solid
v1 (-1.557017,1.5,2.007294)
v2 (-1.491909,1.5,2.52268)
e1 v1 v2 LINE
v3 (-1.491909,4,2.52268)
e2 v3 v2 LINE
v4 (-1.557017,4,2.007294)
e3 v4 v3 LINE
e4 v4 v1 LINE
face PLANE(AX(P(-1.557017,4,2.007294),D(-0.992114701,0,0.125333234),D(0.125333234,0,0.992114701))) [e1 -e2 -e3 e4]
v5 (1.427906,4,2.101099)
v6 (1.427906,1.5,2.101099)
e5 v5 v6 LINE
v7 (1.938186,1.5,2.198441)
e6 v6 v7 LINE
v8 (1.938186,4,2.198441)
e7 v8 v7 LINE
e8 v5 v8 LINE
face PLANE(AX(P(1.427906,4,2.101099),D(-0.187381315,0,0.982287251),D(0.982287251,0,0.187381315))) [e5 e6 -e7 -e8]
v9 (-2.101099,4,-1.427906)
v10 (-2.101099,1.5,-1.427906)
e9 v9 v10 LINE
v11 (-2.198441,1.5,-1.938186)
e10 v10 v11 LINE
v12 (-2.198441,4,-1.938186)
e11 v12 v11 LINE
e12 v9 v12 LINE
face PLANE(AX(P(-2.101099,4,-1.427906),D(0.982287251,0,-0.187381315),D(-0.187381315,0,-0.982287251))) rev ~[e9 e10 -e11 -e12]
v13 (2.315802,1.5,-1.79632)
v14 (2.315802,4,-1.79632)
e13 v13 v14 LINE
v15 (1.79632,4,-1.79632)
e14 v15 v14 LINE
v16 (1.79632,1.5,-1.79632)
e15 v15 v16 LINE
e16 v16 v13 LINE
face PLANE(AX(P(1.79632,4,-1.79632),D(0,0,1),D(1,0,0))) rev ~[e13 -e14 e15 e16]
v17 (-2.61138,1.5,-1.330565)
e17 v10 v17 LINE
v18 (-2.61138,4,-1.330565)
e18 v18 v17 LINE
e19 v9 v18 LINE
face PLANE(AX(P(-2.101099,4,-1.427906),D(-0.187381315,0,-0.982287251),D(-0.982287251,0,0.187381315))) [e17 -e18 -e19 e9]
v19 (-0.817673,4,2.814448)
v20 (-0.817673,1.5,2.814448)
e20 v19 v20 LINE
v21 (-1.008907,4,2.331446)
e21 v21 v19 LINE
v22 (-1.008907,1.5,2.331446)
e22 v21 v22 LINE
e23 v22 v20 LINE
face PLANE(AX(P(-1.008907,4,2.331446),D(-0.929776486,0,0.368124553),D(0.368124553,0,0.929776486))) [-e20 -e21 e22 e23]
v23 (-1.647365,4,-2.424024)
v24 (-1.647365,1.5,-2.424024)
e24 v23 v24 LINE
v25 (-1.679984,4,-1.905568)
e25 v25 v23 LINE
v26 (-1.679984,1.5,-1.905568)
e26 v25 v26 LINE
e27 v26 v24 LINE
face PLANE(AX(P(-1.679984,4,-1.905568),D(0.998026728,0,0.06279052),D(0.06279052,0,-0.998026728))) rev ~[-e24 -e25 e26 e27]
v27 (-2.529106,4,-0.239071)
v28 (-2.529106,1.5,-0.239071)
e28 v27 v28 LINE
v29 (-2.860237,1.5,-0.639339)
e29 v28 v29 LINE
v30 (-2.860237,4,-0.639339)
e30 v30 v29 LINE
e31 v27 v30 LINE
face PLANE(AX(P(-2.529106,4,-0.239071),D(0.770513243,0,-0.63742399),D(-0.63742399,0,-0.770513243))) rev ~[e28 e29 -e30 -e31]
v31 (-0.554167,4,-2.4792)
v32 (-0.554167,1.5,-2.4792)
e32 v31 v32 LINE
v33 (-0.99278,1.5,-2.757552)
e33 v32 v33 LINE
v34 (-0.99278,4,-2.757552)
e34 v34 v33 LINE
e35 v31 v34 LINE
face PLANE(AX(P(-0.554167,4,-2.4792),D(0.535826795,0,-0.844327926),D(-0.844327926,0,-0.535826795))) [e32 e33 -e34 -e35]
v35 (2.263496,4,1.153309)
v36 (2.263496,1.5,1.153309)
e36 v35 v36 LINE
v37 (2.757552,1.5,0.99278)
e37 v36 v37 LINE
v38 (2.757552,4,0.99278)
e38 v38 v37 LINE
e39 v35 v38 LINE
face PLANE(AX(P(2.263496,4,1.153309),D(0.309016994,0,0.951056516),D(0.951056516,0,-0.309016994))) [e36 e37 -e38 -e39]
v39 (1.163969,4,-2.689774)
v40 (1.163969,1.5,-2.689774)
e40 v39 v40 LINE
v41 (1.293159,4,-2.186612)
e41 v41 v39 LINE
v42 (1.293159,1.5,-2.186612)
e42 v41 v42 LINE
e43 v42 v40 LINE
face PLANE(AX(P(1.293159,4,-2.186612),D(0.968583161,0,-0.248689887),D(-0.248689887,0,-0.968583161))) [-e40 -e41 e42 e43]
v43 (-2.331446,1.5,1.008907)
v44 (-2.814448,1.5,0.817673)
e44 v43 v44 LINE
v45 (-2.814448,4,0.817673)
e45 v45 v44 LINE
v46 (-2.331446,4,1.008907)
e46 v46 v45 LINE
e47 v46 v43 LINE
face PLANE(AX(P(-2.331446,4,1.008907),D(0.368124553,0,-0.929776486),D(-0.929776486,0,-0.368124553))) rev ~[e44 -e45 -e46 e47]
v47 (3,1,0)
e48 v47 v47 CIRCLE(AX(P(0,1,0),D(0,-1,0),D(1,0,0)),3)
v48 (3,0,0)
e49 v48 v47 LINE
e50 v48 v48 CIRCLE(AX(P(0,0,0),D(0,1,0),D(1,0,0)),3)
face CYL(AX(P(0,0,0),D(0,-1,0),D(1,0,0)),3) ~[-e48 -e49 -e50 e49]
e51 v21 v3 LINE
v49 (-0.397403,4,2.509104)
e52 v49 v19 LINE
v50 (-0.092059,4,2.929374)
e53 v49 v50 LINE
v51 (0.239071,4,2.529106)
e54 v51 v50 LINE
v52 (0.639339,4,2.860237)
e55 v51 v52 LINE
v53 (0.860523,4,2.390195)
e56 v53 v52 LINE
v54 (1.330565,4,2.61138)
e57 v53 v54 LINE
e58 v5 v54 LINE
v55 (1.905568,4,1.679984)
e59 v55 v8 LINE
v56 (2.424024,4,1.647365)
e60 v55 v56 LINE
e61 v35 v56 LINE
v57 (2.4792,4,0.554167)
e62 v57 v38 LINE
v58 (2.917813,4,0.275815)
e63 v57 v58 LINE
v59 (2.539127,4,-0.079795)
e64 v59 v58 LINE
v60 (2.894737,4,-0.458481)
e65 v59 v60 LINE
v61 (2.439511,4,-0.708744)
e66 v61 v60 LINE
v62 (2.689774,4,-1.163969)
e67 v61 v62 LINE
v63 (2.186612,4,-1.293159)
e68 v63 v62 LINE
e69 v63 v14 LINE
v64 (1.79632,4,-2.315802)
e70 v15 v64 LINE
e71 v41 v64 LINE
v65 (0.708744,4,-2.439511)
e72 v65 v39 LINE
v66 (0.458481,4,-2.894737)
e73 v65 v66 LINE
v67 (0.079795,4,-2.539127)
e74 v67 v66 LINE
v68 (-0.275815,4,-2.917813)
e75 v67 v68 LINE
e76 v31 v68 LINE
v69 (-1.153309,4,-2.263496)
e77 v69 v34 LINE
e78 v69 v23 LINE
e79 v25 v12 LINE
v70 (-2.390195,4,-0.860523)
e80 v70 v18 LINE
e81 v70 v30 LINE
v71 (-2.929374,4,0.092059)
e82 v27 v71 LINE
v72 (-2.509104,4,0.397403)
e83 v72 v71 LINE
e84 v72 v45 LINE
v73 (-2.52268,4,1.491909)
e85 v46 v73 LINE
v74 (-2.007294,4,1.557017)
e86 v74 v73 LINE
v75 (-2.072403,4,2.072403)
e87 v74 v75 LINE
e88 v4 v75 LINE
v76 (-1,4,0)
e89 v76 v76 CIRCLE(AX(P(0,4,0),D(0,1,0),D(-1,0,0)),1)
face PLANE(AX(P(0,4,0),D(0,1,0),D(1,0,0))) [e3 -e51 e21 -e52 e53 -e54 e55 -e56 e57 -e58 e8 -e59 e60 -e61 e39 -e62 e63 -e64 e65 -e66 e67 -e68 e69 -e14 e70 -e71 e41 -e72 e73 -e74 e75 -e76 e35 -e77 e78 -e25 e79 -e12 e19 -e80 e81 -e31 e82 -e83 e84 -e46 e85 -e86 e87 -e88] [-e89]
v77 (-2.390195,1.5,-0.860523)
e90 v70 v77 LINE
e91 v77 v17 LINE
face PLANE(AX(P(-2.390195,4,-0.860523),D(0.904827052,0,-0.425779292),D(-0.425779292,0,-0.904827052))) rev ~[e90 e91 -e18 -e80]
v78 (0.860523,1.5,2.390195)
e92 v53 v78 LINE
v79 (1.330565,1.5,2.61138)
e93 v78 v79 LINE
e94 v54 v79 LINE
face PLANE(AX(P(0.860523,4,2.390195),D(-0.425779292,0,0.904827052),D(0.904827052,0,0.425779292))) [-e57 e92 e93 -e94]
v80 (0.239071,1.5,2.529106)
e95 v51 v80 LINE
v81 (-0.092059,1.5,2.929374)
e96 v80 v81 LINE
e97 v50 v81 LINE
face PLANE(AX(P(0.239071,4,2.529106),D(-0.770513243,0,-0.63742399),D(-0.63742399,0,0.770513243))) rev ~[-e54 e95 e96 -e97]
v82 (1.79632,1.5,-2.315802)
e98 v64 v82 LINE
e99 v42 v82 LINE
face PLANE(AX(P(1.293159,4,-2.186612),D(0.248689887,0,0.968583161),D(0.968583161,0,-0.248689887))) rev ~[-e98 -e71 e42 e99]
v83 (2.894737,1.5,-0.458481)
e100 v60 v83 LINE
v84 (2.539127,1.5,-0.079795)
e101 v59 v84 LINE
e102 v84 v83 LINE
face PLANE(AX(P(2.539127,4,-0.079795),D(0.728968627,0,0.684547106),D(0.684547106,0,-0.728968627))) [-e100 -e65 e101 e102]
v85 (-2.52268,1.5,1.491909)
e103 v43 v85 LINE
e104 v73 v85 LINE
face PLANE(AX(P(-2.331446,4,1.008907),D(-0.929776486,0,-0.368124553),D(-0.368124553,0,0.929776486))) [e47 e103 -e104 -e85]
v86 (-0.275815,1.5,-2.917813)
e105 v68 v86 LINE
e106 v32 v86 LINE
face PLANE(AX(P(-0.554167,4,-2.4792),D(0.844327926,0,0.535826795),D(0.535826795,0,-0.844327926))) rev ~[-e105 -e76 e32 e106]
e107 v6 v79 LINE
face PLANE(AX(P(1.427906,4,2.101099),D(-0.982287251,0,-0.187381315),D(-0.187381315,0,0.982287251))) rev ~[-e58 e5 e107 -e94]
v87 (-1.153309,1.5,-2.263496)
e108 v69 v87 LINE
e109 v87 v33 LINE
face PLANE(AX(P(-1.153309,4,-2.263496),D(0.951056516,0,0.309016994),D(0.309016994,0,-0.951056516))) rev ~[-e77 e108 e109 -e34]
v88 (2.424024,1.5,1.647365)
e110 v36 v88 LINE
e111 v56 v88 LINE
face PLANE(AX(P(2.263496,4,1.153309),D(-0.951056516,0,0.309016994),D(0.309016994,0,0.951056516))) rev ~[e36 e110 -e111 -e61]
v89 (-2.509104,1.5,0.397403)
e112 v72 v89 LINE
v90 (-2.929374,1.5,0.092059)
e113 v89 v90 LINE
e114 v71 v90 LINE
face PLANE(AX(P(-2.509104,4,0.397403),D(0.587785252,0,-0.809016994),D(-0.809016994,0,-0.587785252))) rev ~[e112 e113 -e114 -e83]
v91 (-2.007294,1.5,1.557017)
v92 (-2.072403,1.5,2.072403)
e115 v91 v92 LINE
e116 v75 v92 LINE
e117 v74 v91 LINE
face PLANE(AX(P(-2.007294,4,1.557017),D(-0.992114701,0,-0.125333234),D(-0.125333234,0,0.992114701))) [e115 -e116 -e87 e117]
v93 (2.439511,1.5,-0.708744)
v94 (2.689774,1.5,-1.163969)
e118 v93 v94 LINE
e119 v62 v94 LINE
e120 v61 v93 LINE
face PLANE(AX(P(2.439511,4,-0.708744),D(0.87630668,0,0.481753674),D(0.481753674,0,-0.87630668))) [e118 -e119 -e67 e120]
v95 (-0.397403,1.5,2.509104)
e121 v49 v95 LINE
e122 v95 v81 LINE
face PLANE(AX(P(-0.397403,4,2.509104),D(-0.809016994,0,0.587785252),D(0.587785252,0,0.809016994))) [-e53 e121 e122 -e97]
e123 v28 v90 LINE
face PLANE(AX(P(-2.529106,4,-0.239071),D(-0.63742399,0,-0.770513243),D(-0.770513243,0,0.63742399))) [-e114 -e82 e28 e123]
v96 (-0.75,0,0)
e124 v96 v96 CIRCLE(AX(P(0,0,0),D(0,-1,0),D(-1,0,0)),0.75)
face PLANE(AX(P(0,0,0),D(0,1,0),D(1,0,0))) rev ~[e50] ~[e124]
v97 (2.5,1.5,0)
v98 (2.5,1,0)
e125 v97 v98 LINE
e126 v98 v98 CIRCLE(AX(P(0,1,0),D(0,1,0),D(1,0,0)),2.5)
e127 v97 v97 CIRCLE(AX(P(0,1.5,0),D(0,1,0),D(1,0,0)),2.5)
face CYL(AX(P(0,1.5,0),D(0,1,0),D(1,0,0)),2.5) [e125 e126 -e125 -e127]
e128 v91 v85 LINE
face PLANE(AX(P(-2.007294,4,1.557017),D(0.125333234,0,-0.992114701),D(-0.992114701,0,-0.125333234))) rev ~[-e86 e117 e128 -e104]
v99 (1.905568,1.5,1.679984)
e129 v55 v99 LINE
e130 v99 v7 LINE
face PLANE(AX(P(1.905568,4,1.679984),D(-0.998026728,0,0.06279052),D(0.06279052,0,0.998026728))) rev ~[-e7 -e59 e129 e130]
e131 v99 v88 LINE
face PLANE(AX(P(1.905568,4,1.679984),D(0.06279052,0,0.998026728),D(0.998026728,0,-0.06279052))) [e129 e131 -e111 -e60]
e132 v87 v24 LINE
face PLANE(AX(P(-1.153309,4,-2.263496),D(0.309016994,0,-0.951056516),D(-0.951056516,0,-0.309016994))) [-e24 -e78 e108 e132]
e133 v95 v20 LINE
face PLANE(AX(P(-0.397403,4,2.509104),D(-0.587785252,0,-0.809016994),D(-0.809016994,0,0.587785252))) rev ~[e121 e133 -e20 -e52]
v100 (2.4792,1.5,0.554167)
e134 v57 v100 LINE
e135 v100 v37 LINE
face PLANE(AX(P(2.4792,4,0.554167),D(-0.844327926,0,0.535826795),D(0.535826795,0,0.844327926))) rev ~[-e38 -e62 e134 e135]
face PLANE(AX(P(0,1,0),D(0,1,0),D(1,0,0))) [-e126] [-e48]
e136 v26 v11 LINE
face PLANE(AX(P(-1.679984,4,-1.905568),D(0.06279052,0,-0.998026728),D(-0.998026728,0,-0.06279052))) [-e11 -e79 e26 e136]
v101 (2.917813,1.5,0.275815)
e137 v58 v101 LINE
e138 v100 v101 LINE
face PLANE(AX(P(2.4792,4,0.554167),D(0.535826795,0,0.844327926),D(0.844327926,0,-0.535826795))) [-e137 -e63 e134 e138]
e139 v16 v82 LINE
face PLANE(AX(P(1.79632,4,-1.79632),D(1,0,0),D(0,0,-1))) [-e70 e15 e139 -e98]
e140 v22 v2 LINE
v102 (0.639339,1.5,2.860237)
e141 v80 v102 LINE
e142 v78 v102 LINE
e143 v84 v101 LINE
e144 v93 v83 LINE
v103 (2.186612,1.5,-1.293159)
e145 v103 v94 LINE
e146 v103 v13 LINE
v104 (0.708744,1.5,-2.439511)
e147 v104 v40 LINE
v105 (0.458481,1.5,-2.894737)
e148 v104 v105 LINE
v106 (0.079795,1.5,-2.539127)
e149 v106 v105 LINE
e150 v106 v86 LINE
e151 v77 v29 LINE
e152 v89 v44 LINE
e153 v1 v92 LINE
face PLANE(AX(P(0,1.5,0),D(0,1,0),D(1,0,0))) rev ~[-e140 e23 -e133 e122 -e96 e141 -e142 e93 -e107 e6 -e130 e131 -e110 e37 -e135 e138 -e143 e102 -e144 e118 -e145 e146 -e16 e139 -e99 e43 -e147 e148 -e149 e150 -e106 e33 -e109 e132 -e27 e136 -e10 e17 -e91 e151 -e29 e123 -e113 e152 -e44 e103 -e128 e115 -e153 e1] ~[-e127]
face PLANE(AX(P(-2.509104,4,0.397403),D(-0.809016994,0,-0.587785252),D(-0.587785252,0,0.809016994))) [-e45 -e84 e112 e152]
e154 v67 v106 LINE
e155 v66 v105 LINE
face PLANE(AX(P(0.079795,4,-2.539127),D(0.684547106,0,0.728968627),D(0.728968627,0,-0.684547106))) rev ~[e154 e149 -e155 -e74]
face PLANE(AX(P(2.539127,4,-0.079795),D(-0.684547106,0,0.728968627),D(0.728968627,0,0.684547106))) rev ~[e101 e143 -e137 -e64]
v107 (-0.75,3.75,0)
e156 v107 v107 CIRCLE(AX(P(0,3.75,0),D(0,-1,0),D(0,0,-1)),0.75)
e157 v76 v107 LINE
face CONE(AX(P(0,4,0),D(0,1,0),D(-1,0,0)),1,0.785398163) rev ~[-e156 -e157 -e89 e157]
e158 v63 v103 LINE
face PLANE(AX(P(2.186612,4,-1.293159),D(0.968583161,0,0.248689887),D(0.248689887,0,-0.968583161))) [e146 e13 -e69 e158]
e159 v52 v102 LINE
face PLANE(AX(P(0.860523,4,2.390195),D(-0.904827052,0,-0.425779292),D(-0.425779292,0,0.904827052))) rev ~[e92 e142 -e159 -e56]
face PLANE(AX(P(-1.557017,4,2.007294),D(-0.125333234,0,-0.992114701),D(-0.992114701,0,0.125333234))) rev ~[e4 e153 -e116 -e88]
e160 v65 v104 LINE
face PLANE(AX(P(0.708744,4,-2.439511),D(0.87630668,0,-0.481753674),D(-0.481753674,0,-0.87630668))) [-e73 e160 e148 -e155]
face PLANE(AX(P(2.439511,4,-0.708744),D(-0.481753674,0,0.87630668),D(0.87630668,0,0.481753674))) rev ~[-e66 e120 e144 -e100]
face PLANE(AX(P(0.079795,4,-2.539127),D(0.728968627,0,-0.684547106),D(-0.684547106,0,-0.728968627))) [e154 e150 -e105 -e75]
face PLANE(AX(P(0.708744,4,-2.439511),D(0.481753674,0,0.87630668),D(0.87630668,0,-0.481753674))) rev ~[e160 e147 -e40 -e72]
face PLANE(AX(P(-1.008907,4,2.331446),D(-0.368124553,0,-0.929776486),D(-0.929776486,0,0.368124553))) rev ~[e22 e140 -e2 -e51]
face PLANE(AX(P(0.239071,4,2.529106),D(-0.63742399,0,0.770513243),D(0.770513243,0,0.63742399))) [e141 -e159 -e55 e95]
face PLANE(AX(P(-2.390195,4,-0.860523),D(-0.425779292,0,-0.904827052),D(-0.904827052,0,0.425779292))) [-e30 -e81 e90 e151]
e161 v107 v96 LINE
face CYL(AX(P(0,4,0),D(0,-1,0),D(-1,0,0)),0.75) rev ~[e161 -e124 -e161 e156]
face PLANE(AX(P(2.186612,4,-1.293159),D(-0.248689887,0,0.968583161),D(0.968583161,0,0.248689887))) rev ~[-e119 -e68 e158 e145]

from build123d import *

# Parameters (mm, degrees)
SKETCH1_R                     = 3
BOSS_EXTRUDE1_DEPTH           = 4
SKETCH2_W                     = 0.65
SKETCH2_H                     = 0.65
CUT_EXTRUDE1_DEPTH            = 2.5
CIRPATTERN1_COUNT             = 25
SKETCH3_OUTSIDE_W             = 9.876
SKETCH3_OUTSIDE_H             = 9.876
SKETCH3_OUTSIDE_R             = 2.5
CUT_EXTRUDE2_DEPTH            = 0.5
CSK_FOR_M3_SFHCS1_D           = 1.5
CSK_FOR_M3_SFHCS1_CSINK_D     = 2
CSK_FOR_M3_SFHCS1_CSINK_ANGLE = 90


with BuildPart() as part:
    # Sketch1 → Boss-Extrude1 (new body)
    with BuildSketch(Plane(origin=(0, 0, 0), x_dir=(1, 0, 0), z_dir=(0, 1, 0))):
        Circle(SKETCH1_R)
    extrude(amount=BOSS_EXTRUDE1_DEPTH)

    # Sketch2 → Cut-Extrude1 (cut)
    with BuildSketch(Plane(origin=(0, 4, 0), x_dir=(1, 0, 0), z_dir=(0, 1, 0))):
        with Locations((2.121320344, 2.121320344)):
            Rectangle(SKETCH2_W, SKETCH2_H)
    cut_extrude1 = extrude(amount=-CUT_EXTRUDE1_DEPTH, mode=Mode.SUBTRACT)

    # CirPattern1: Cut-Extrude1 ×25 about axis
    cirpattern1_axis = Axis((0, 4, 0), (0, -1, 0))
    for i in range(1, CIRPATTERN1_COUNT):
        add(cut_extrude1.rotate(cirpattern1_axis, i * 360 / CIRPATTERN1_COUNT), mode=Mode.SUBTRACT)

    # Sketch3 outside → Cut-Extrude2 (cut)
    with BuildSketch(Plane(origin=(0, 1.5, 0), x_dir=(1, 0, 0), z_dir=(0, 1, 0))):
        Rectangle(SKETCH3_OUTSIDE_W, SKETCH3_OUTSIDE_H)
        Circle(SKETCH3_OUTSIDE_R, mode=Mode.SUBTRACT)
    extrude(amount=-CUT_EXTRUDE2_DEPTH, mode=Mode.SUBTRACT)

    # CSK for M3 SFHCS1 (through all)
    with Locations(Plane(origin=(0, 4, 0), x_dir=(1, 0, 0), z_dir=(0, 1, 0))):
        with Locations((0, 0)):
            CounterSinkHole(CSK_FOR_M3_SFHCS1_D / 2, CSK_FOR_M3_SFHCS1_CSINK_D / 2, counter_sink_angle=CSK_FOR_M3_SFHCS1_CSINK_ANGLE)


solid = part.part
